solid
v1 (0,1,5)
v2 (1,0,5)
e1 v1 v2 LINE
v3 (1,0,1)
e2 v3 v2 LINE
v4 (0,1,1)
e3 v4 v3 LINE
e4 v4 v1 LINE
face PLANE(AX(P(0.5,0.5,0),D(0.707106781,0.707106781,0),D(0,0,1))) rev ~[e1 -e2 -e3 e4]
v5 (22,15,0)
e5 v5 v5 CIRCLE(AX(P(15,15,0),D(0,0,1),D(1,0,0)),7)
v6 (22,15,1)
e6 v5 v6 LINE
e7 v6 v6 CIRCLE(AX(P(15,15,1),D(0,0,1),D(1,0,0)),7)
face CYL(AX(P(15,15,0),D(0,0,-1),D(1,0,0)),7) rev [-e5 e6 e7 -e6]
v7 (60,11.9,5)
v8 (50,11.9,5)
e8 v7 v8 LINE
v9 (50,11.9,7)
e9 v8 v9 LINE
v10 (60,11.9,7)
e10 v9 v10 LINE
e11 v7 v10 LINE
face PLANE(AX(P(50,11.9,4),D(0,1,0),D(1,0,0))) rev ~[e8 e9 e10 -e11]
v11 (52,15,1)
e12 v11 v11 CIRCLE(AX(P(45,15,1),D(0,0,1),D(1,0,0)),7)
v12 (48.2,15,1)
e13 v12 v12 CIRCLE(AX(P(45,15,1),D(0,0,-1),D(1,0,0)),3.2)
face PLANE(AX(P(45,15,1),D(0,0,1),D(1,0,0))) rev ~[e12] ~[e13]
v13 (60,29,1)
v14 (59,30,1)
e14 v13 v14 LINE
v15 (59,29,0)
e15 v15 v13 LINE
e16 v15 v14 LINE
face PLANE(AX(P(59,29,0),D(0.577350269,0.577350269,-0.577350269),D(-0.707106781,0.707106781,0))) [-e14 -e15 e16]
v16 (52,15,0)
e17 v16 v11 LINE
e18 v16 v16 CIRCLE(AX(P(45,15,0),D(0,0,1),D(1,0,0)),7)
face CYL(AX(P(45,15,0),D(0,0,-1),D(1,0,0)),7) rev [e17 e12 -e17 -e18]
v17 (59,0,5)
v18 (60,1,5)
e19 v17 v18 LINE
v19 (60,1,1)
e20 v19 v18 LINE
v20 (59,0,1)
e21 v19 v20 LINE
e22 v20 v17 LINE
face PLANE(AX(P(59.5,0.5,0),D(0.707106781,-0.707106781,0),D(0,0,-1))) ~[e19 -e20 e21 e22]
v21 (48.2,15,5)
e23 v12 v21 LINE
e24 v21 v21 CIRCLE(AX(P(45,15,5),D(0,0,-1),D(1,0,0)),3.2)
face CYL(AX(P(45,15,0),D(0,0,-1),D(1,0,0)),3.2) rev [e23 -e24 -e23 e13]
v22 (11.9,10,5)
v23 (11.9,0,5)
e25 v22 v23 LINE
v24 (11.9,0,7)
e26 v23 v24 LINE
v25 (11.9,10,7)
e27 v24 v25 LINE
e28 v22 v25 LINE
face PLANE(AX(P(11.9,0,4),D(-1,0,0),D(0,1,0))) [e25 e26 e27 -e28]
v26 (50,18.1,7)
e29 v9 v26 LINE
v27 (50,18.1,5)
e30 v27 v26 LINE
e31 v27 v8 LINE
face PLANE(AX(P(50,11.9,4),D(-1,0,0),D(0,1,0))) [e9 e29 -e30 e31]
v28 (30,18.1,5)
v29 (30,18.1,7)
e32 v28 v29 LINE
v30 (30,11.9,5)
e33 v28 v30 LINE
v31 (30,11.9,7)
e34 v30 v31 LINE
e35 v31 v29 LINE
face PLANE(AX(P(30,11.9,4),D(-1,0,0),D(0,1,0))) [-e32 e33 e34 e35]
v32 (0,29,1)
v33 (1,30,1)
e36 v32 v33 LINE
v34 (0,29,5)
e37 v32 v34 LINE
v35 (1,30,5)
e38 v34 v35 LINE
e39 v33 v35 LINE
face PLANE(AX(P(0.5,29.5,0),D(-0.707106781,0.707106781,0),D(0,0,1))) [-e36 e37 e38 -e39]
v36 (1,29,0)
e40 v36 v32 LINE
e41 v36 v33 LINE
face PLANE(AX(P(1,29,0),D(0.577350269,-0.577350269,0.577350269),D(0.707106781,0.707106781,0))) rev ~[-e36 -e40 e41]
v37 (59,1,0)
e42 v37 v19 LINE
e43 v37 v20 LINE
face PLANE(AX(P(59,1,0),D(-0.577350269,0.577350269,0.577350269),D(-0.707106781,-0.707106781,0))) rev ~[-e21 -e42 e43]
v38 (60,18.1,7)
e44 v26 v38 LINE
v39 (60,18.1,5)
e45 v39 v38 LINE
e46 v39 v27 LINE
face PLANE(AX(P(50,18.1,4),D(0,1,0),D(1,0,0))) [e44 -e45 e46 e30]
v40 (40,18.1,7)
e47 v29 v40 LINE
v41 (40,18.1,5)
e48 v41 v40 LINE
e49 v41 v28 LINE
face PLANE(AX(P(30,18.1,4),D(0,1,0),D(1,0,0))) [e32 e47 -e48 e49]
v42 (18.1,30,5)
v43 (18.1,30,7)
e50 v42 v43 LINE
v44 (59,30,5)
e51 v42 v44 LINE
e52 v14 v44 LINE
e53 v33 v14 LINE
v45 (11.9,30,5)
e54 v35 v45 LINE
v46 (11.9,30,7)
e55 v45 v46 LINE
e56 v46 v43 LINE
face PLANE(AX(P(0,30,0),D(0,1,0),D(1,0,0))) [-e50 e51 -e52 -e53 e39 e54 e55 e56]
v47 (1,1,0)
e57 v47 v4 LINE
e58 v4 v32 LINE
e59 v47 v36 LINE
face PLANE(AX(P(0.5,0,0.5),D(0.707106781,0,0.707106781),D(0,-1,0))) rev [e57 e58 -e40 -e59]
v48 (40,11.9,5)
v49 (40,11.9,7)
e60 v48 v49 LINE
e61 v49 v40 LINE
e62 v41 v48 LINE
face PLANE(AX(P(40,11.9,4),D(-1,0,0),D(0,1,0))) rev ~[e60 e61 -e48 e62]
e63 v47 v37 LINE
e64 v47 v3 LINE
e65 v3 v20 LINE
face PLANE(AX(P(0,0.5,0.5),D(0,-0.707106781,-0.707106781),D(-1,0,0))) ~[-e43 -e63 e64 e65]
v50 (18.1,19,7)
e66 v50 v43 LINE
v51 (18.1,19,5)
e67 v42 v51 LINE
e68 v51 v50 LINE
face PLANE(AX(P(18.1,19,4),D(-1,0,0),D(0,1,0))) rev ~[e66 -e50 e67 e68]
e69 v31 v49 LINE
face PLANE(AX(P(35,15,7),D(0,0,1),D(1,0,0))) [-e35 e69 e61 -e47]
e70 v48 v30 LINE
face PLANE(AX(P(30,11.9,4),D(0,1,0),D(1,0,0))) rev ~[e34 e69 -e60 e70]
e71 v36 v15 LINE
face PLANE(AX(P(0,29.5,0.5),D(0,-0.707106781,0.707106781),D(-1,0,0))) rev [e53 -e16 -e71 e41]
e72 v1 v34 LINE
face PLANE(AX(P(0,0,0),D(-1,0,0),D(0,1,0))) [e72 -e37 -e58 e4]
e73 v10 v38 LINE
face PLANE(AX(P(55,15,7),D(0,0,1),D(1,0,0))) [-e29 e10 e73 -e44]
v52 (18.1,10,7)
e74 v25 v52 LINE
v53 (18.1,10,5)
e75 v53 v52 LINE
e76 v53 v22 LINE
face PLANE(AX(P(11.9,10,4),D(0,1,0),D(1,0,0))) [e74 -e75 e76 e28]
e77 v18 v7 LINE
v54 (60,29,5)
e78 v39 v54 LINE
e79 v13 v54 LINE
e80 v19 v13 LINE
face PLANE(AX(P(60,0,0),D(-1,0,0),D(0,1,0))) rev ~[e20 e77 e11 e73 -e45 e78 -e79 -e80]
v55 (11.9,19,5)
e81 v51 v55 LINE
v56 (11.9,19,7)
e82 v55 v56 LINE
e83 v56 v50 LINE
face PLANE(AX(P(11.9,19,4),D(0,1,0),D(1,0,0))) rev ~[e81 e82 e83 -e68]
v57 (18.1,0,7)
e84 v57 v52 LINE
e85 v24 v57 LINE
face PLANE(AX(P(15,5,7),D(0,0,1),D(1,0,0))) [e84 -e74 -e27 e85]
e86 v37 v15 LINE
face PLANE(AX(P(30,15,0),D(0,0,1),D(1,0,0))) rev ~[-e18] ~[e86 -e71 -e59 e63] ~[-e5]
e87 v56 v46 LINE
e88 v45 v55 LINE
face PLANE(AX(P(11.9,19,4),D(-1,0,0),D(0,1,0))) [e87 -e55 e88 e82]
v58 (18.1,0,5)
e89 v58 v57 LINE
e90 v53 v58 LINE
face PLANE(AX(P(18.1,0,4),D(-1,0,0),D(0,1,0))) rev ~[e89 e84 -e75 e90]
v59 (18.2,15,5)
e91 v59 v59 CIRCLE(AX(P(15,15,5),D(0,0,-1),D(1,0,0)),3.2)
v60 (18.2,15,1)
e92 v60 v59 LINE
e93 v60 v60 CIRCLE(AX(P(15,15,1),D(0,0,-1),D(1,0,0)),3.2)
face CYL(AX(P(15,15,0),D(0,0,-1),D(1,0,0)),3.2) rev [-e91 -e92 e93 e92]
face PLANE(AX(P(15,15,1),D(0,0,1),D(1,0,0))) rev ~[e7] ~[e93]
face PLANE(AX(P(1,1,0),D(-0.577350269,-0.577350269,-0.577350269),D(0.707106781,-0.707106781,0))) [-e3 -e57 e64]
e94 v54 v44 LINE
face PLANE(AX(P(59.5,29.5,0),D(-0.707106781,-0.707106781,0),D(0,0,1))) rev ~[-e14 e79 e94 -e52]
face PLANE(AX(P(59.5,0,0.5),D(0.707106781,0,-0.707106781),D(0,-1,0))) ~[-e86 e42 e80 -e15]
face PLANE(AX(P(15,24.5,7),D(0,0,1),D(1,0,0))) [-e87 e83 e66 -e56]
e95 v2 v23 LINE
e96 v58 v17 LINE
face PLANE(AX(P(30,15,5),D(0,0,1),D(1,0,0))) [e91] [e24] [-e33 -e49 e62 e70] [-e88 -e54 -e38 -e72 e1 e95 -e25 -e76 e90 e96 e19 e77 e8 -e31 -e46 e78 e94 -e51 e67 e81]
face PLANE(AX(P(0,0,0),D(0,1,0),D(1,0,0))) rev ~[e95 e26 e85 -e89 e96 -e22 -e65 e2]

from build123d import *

# Parameters (mm, degrees)
BOX001_W          = 6.2
BOX001_H          = 10
BOX001_DEPTH      = 3
BOX004_W          = 10
BOX004_H          = 6.2
BOX004_DEPTH      = 3
BOX003_W          = 10
BOX003_H          = 6.2
BOX003_DEPTH      = 3
BOX002_W          = 6.2
BOX002_H          = 11
BOX002_DEPTH      = 3
CYLINDER001_R     = 3.2
CYLINDER001_DEPTH = 10
CYLINDER002_R     = 7
CYLINDER002_DEPTH = 1
CYLINDER003_R     = 7
CYLINDER003_DEPTH = 1
CYLINDER_R        = 3.2
CYLINDER_DEPTH    = 10
BOX_W             = 60
BOX_H             = 30
BOX_DEPTH         = 5
CHAMFER_SIZE      = 1


with BuildPart() as cube001:
    # Box001 → Box001 (new body)
    with BuildSketch(Plane(origin=(11.9, 0, 4), x_dir=(1, 0, 0), z_dir=(0, 0, 1))):
        with Locations((3.1, 5)):
            Rectangle(BOX001_W, BOX001_H)
    extrude(amount=BOX001_DEPTH)


with BuildPart() as cube004:
    # Box004 → Box004 (new body)
    with BuildSketch(Plane(origin=(30, 11.9, 4), x_dir=(1, 0, 0), z_dir=(0, 0, 1))):
        with Locations((5, 3.1)):
            Rectangle(BOX004_W, BOX004_H)
    extrude(amount=BOX004_DEPTH)


with BuildPart() as cube003:
    # Box003 → Box003 (new body)
    with BuildSketch(Plane(origin=(50, 11.9, 4), x_dir=(1, 0, 0), z_dir=(0, 0, 1))):
        with Locations((5, 3.1)):
            Rectangle(BOX003_W, BOX003_H)
    extrude(amount=BOX003_DEPTH)


with BuildPart() as fusion001:
    # Box002 → Box002 (new body)
    with BuildSketch(Plane(origin=(11.9, 19, 4), x_dir=(1, 0, 0), z_dir=(0, 0, 1))):
        with Locations((3.1, 5.5)):
            Rectangle(BOX002_W, BOX002_H)
    extrude(amount=BOX002_DEPTH)

    # Fusion001: union Cube001, Cube004, Cube003
    add(cube001.part)
    add(cube004.part)
    add(cube003.part)


with BuildPart() as cylinder001:
    # Cylinder001 → Cylinder001 (new body)
    with BuildSketch(Plane(origin=(45, 15, 0), x_dir=(1, 0, 0), z_dir=(0, 0, 1))):
        Circle(CYLINDER001_R)
    extrude(amount=CYLINDER001_DEPTH)


with BuildPart() as cylinder002:
    # Cylinder002 → Cylinder002 (new body)
    with BuildSketch(Plane(origin=(15, 15, 0), x_dir=(1, 0, 0), z_dir=(0, 0, 1))):
        Circle(CYLINDER002_R)
    extrude(amount=CYLINDER002_DEPTH)


with BuildPart() as cylinder003:
    # Cylinder003 → Cylinder003 (new body)
    with BuildSketch(Plane(origin=(45, 15, 0), x_dir=(1, 0, 0), z_dir=(0, 0, 1))):
        Circle(CYLINDER003_R)
    extrude(amount=CYLINDER003_DEPTH)


with BuildPart() as fusion:
    # Cylinder → Cylinder (new body)
    with BuildSketch(Plane(origin=(15, 15, 0), x_dir=(1, 0, 0), z_dir=(0, 0, 1))):
        Circle(CYLINDER_R)
    extrude(amount=CYLINDER_DEPTH)

    # Fusion: union Cylinder001, Cylinder002, Cylinder003
    add(cylinder001.part)
    add(cylinder002.part)
    add(cylinder003.part)


with BuildPart() as i_shape:
    # Box → Box (new body)
    with BuildSketch(Plane.XY):
        with Locations((30, 15)):
            Rectangle(BOX_W, BOX_H)
    extrude(amount=BOX_DEPTH)

    # Chamfer
    chamfer_edges = [i_shape.edges().sort_by_distance(p)[0] for p in [
        (0, 0, 2.5),
        (0, 30, 2.5),
        (0, 15, 0),
        (60, 0, 2.5),
        (60, 30, 2.5),
        (60, 15, 0),
        (30, 0, 0),
        (30, 30, 0),
    ]]
    chamfer(chamfer_edges, length=CHAMFER_SIZE)

    # Cut: cut Fusion
    add(fusion.part, mode=Mode.SUBTRACT)

    # Fusion006: union Fusion001
    add(fusion001.part)


solid = i_shape.part
